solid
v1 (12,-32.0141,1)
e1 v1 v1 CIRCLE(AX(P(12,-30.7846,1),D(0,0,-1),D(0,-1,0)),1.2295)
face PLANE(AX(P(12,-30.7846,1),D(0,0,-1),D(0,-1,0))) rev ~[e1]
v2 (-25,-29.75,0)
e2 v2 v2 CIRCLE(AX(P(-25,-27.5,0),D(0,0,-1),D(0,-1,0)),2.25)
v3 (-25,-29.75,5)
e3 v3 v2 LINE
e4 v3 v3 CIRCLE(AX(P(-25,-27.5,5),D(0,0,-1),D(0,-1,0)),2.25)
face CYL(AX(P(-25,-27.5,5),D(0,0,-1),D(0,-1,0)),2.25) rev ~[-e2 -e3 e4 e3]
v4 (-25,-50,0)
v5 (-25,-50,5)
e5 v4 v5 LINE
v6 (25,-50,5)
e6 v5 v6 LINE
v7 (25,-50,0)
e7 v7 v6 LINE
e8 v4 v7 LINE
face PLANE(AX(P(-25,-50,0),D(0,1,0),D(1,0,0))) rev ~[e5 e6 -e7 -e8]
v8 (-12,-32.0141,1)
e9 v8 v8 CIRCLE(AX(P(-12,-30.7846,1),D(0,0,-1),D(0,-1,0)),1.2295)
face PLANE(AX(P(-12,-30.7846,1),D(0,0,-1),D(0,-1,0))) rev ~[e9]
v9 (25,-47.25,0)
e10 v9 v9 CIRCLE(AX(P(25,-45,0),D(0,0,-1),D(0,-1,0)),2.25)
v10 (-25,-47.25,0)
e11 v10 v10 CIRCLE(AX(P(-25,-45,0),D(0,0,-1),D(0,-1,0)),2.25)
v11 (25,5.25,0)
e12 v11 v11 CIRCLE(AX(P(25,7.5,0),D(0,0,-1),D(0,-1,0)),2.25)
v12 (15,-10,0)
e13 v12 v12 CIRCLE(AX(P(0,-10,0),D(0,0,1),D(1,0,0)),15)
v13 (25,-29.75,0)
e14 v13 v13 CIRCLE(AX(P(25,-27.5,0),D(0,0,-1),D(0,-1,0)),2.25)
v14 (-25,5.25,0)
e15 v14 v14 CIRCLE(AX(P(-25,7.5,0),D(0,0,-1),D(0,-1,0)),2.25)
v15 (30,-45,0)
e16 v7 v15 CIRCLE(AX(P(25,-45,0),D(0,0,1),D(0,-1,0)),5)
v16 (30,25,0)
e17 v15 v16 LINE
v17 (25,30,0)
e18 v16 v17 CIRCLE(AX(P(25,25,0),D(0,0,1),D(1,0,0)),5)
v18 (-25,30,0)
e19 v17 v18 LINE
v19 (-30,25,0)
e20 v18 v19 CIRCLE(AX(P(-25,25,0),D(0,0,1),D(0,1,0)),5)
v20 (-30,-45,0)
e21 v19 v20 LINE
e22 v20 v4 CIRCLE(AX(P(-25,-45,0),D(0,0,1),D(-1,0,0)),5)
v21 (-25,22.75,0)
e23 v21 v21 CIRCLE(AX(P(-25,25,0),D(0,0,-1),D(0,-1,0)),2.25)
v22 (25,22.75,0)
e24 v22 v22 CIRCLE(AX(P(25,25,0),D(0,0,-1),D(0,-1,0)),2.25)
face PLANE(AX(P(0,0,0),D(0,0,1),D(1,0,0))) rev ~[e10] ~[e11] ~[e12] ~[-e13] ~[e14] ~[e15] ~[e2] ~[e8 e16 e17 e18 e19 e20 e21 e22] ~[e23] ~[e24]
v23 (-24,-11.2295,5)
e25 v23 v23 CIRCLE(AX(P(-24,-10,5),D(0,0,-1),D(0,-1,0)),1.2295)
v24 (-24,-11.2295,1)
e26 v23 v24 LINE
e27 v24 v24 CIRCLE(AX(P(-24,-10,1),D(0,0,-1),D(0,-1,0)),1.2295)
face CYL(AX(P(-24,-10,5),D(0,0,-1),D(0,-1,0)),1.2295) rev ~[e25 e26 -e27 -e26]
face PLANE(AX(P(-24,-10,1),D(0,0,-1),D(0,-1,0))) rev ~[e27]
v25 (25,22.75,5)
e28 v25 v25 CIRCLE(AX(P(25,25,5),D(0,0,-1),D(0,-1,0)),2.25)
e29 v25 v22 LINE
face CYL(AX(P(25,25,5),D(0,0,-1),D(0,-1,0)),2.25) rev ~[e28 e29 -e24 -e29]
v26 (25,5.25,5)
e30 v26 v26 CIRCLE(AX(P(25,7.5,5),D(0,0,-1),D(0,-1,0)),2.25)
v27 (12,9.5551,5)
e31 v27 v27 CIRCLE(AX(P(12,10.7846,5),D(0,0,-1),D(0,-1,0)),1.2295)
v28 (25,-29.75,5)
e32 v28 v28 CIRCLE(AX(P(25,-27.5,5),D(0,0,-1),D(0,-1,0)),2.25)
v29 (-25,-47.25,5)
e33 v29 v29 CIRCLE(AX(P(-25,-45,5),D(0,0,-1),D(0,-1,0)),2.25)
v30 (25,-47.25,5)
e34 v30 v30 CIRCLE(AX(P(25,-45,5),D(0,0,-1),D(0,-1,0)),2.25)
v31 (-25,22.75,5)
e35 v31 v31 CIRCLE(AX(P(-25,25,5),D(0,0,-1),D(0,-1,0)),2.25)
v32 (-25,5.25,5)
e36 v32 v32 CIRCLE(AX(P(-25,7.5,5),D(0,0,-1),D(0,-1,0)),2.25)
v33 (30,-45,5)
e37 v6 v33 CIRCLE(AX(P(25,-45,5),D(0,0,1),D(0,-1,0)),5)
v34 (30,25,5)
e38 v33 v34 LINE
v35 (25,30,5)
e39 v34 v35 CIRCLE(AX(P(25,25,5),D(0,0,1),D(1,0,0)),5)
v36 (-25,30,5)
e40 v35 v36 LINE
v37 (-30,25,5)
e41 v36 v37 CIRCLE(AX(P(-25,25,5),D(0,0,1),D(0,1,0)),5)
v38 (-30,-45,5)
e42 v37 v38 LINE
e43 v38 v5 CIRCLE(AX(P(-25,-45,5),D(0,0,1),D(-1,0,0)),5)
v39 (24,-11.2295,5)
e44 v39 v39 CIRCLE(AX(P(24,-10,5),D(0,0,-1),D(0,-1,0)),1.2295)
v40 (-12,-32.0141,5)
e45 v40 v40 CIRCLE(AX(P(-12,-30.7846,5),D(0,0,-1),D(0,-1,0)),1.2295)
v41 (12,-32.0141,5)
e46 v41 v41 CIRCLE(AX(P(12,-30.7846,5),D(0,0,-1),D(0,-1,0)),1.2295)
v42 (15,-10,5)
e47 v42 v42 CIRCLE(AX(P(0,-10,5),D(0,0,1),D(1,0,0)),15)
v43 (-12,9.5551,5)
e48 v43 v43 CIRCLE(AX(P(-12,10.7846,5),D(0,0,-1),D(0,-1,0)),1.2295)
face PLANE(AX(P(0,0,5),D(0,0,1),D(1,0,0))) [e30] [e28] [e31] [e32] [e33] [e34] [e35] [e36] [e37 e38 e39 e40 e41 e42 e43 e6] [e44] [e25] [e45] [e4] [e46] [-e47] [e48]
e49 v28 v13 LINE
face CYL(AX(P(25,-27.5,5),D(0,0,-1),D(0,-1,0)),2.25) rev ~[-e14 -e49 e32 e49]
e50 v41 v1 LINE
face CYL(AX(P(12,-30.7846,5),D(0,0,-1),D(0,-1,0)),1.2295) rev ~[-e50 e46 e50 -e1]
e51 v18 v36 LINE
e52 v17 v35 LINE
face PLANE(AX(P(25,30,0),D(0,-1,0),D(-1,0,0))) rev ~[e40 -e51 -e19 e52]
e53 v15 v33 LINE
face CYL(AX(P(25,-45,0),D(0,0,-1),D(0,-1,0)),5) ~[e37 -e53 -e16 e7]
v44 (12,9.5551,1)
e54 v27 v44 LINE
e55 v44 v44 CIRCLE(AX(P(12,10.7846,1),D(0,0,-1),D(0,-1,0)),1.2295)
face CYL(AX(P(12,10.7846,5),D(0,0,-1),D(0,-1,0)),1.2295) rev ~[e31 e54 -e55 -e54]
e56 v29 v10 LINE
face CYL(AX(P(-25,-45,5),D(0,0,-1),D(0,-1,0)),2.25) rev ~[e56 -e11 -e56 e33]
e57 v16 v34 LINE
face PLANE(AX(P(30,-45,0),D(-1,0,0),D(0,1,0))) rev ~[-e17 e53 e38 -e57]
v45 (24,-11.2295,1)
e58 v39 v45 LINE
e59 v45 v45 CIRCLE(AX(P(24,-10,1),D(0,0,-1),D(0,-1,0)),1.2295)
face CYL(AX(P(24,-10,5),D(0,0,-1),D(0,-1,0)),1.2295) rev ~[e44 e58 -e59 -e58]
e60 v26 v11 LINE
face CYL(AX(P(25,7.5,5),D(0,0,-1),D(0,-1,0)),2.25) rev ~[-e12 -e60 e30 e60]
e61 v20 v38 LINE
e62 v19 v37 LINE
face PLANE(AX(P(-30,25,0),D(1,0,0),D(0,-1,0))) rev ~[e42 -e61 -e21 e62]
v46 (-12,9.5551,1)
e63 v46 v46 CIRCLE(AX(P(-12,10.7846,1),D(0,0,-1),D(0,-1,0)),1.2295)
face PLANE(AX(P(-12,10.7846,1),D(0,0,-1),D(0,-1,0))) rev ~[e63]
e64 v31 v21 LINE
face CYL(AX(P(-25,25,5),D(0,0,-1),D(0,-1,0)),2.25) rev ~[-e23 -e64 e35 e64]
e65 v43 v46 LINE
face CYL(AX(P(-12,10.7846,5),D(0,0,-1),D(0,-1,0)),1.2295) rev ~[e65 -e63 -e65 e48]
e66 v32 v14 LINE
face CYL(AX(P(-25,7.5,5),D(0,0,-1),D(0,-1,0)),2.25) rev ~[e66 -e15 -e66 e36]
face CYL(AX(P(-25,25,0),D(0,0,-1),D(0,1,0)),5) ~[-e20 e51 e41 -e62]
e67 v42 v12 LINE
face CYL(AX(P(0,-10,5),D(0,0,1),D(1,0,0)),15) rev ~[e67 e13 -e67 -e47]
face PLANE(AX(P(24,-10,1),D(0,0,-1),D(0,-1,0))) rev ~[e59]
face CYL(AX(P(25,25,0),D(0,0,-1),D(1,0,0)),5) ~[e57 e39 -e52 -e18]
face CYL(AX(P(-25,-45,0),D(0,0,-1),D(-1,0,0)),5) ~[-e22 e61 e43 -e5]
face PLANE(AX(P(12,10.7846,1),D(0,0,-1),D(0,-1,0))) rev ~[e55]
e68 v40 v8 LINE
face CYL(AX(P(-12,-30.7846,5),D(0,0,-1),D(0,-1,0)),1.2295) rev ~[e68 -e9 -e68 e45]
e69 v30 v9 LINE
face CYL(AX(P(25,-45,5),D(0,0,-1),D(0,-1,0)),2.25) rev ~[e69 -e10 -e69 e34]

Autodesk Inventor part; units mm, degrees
ref_plane "YZ Plane" through (0, 0, 0) normal (1, 0, 0) x (0, 1, 0)
ref_plane "XZ Plane" through (0, 0, 0) normal (0, 1, 0) x (-1, 0, 0)
ref_plane "XY Plane" through (0, 0, 0) normal (0, 0, 1) x (1, 0, 0)
sketch "Sketch2" plane through (0, 0, 0) normal (0, 0, 1) x (1, 0, 0)
  line L0 (-25, -50) -> (25, -50) projected
  arc A0 (25, -50) -> (30, -45) centre (25, -45) ccw projected
  line L1 (30, -45) -> (30, 25) projected
  arc A1 (30, 25) -> (25, 30) centre (25, 25) ccw projected
  line L2 (25, 30) -> (-25, 30) projected
  arc A2 (-25, 30) -> (-30, 25) centre (-25, 25) ccw projected
  line L3 (-30, 25) -> (-30, -45) projected
  arc A3 (-30, -45) -> (-25, -50) centre (-25, -45) ccw projected
  circle A4 centre (25, -27.5) radius 1.621 projected
  circle A5 centre (-25, 7.5) radius 1.621 projected
  circle A6 centre (-25, -27.5) radius 1.621 projected
  circle A7 centre (25, 7.5) radius 1.621 projected
  line L4 (20, 16) -> (20, -36) projected
  arc A8 (16, -40) -> (20, -36) centre (16, -36) ccw projected
  line L5 (16, -40) -> (-16, -40) projected
  arc A9 (-20, -36) -> (-16, -40) centre (-16, -36) ccw projected
  line L6 (-20, -36) -> (-20, 16) projected
  arc A10 (-16, 20) -> (-20, 16) centre (-16, 16) ccw projected
  line L7 (-16, 20) -> (16, 20) projected
  arc A11 (20, 16) -> (16, 20) centre (16, 16) ccw projected
  circle A12 centre (25, 25) radius 1.621 projected
  circle A13 centre (-25, -45) radius 1.621 projected
  circle A14 centre (25, -45) radius 1.621 projected
  circle A15 centre (-25, 25) radius 1.621 projected
  point P0 (0, 0)
extrude "Extrusion1" add sketch "Sketch2" along normal blind 5 contours A3 L3 A2 L2 A1 L1 A0 L0 | L4 A8 L5 A9 L6 A10 L7 A11
sketch "Sketch3" plane through (0, 0, 5) normal (0, 0, 1) x (1, 0, 0)
  circle A0 centre (0, -10) radius 15
  line L0 (25, 30) -> (-25, 30) construction
  arc A1 (-25, 30) -> (-30, 25) centre (-25, 25) ccw construction
  line L1 (-30, 25) -> (-30, -45) construction
  arc A2 (-30, -45) -> (-25, -50) centre (-25, -45) ccw construction
  line L2 (-25, -50) -> (25, -50) construction
  arc A3 (25, -50) -> (30, -45) centre (25, -45) ccw construction
  line L3 (30, -45) -> (30, 25) construction
  arc A4 (30, 25) -> (25, 30) centre (25, 25) ccw construction
  line L4 (-25, -45) -> (25, 25) construction
  line L5 (25, -45) -> (-25, 25) construction
  dimension "d6" = 30
extrude "Extrusion2" cut sketch "Sketch3" against normal blind 5
sketch "Sketch6" plane through (0, 0, 5) normal (0, 0, 1) x (1, 0, 0)
  line L0 (30, -45) -> (30, 25) construction
  line L1 (25, 30) -> (-25, 30) construction
  line L2 (-30, 25) -> (-30, -45) construction
  line L3 (-25, -50) -> (25, -50) construction
  line L4 (16, -40) -> (-16, -40) construction
  line L5 (-20, -36) -> (-20, 16) construction
  line L6 (-16, 20) -> (16, 20) construction
  line L7 (20, 16) -> (20, -36) construction
  circle A0 centre (25, -27.5) radius 1.621 construction
  circle A1 centre (-25, 7.5) radius 1.621 construction
  circle A2 centre (-25, 25) radius 1.621 construction
  circle A3 centre (25, -45) radius 1.621 construction
  circle A4 centre (-25, -45) radius 1.621 construction
  circle A5 centre (25, 25) radius 1.621 construction
  circle A6 centre (-25, -27.5) radius 1.621 construction
  circle A7 centre (25, 7.5) radius 1.621 construction
  arc A8 (-30, -45) -> (-25, -50) centre (-25, -45) ccw projected
  arc A9 (25, -50) -> (30, -45) centre (25, -45) ccw projected
  arc A10 (30, 25) -> (25, 30) centre (25, 25) ccw projected
  arc A11 (-25, 30) -> (-30, 25) centre (-25, 25) ccw projected
  arc A12 (-20, -36) -> (-16, -40) centre (-16, -36) ccw projected
  arc A13 (-16, 20) -> (-20, 16) centre (-16, 16) ccw projected
  arc A14 (20, 16) -> (16, 20) centre (16, 16) ccw projected
  arc A15 (16, -40) -> (20, -36) centre (16, -36) ccw projected
hole "Hole3" at (-25, -45, 5) at (-25, -27.5, 5) at (-25, 7.5, 5) at (-25, 25, 5) at (25, 25, 5) at (25, 7.5, 5) at (25, -27.5, 5) at (25, -45, 5) direction (0, 0, -1) diameter 4.5 end through all clearance for "Flat Head Machine Screw" size "M4" standard "Ansi Metric M Profile"
sketch "Sketch7" plane through (0, 0, 5) normal (0, 0, 1) x (1, 0, 0)
  circle A0 centre (0, -10) radius 26.5 construction
  circle A1 centre (0, -10) radius 21.5 construction
  circle A2 centre (0, -10) radius 24 construction
  circle A3 centre (0, -10) radius 15 construction
  line L0 (-58.8, 0) -> (58.8, 0) construction
  line L1 (42, -10) -> (-42, -10) construction
  point P0 (-24, -10)
  point P1 (-12, -30.7846)
  point P2 (12, -30.7846)
  point P3 (24, -10)
  point P4 (12, 10.7846)
  point P5 (-12, 10.7846)
  dimension "d43" = 48
  dimension "d41" = 53
  dimension "d42" = 43
  dimension "d46" = 360
hole "Hole4" at (-24, -10, 5) at (-12, -30.7846, 5) at (12, -30.7846, 5) at (24, -10, 5) at (12, 10.7846, 5) at (-12, 10.7846, 5) direction (0, 0, -1) diameter 2.459 depth 4 thread size "M3x0.5" class "6H" standard "ISO Metric profile"
equation "\"d43\" = 0.5 * d41 + 0.5 * d42"
properties part number "P017" material "Aluminium"
